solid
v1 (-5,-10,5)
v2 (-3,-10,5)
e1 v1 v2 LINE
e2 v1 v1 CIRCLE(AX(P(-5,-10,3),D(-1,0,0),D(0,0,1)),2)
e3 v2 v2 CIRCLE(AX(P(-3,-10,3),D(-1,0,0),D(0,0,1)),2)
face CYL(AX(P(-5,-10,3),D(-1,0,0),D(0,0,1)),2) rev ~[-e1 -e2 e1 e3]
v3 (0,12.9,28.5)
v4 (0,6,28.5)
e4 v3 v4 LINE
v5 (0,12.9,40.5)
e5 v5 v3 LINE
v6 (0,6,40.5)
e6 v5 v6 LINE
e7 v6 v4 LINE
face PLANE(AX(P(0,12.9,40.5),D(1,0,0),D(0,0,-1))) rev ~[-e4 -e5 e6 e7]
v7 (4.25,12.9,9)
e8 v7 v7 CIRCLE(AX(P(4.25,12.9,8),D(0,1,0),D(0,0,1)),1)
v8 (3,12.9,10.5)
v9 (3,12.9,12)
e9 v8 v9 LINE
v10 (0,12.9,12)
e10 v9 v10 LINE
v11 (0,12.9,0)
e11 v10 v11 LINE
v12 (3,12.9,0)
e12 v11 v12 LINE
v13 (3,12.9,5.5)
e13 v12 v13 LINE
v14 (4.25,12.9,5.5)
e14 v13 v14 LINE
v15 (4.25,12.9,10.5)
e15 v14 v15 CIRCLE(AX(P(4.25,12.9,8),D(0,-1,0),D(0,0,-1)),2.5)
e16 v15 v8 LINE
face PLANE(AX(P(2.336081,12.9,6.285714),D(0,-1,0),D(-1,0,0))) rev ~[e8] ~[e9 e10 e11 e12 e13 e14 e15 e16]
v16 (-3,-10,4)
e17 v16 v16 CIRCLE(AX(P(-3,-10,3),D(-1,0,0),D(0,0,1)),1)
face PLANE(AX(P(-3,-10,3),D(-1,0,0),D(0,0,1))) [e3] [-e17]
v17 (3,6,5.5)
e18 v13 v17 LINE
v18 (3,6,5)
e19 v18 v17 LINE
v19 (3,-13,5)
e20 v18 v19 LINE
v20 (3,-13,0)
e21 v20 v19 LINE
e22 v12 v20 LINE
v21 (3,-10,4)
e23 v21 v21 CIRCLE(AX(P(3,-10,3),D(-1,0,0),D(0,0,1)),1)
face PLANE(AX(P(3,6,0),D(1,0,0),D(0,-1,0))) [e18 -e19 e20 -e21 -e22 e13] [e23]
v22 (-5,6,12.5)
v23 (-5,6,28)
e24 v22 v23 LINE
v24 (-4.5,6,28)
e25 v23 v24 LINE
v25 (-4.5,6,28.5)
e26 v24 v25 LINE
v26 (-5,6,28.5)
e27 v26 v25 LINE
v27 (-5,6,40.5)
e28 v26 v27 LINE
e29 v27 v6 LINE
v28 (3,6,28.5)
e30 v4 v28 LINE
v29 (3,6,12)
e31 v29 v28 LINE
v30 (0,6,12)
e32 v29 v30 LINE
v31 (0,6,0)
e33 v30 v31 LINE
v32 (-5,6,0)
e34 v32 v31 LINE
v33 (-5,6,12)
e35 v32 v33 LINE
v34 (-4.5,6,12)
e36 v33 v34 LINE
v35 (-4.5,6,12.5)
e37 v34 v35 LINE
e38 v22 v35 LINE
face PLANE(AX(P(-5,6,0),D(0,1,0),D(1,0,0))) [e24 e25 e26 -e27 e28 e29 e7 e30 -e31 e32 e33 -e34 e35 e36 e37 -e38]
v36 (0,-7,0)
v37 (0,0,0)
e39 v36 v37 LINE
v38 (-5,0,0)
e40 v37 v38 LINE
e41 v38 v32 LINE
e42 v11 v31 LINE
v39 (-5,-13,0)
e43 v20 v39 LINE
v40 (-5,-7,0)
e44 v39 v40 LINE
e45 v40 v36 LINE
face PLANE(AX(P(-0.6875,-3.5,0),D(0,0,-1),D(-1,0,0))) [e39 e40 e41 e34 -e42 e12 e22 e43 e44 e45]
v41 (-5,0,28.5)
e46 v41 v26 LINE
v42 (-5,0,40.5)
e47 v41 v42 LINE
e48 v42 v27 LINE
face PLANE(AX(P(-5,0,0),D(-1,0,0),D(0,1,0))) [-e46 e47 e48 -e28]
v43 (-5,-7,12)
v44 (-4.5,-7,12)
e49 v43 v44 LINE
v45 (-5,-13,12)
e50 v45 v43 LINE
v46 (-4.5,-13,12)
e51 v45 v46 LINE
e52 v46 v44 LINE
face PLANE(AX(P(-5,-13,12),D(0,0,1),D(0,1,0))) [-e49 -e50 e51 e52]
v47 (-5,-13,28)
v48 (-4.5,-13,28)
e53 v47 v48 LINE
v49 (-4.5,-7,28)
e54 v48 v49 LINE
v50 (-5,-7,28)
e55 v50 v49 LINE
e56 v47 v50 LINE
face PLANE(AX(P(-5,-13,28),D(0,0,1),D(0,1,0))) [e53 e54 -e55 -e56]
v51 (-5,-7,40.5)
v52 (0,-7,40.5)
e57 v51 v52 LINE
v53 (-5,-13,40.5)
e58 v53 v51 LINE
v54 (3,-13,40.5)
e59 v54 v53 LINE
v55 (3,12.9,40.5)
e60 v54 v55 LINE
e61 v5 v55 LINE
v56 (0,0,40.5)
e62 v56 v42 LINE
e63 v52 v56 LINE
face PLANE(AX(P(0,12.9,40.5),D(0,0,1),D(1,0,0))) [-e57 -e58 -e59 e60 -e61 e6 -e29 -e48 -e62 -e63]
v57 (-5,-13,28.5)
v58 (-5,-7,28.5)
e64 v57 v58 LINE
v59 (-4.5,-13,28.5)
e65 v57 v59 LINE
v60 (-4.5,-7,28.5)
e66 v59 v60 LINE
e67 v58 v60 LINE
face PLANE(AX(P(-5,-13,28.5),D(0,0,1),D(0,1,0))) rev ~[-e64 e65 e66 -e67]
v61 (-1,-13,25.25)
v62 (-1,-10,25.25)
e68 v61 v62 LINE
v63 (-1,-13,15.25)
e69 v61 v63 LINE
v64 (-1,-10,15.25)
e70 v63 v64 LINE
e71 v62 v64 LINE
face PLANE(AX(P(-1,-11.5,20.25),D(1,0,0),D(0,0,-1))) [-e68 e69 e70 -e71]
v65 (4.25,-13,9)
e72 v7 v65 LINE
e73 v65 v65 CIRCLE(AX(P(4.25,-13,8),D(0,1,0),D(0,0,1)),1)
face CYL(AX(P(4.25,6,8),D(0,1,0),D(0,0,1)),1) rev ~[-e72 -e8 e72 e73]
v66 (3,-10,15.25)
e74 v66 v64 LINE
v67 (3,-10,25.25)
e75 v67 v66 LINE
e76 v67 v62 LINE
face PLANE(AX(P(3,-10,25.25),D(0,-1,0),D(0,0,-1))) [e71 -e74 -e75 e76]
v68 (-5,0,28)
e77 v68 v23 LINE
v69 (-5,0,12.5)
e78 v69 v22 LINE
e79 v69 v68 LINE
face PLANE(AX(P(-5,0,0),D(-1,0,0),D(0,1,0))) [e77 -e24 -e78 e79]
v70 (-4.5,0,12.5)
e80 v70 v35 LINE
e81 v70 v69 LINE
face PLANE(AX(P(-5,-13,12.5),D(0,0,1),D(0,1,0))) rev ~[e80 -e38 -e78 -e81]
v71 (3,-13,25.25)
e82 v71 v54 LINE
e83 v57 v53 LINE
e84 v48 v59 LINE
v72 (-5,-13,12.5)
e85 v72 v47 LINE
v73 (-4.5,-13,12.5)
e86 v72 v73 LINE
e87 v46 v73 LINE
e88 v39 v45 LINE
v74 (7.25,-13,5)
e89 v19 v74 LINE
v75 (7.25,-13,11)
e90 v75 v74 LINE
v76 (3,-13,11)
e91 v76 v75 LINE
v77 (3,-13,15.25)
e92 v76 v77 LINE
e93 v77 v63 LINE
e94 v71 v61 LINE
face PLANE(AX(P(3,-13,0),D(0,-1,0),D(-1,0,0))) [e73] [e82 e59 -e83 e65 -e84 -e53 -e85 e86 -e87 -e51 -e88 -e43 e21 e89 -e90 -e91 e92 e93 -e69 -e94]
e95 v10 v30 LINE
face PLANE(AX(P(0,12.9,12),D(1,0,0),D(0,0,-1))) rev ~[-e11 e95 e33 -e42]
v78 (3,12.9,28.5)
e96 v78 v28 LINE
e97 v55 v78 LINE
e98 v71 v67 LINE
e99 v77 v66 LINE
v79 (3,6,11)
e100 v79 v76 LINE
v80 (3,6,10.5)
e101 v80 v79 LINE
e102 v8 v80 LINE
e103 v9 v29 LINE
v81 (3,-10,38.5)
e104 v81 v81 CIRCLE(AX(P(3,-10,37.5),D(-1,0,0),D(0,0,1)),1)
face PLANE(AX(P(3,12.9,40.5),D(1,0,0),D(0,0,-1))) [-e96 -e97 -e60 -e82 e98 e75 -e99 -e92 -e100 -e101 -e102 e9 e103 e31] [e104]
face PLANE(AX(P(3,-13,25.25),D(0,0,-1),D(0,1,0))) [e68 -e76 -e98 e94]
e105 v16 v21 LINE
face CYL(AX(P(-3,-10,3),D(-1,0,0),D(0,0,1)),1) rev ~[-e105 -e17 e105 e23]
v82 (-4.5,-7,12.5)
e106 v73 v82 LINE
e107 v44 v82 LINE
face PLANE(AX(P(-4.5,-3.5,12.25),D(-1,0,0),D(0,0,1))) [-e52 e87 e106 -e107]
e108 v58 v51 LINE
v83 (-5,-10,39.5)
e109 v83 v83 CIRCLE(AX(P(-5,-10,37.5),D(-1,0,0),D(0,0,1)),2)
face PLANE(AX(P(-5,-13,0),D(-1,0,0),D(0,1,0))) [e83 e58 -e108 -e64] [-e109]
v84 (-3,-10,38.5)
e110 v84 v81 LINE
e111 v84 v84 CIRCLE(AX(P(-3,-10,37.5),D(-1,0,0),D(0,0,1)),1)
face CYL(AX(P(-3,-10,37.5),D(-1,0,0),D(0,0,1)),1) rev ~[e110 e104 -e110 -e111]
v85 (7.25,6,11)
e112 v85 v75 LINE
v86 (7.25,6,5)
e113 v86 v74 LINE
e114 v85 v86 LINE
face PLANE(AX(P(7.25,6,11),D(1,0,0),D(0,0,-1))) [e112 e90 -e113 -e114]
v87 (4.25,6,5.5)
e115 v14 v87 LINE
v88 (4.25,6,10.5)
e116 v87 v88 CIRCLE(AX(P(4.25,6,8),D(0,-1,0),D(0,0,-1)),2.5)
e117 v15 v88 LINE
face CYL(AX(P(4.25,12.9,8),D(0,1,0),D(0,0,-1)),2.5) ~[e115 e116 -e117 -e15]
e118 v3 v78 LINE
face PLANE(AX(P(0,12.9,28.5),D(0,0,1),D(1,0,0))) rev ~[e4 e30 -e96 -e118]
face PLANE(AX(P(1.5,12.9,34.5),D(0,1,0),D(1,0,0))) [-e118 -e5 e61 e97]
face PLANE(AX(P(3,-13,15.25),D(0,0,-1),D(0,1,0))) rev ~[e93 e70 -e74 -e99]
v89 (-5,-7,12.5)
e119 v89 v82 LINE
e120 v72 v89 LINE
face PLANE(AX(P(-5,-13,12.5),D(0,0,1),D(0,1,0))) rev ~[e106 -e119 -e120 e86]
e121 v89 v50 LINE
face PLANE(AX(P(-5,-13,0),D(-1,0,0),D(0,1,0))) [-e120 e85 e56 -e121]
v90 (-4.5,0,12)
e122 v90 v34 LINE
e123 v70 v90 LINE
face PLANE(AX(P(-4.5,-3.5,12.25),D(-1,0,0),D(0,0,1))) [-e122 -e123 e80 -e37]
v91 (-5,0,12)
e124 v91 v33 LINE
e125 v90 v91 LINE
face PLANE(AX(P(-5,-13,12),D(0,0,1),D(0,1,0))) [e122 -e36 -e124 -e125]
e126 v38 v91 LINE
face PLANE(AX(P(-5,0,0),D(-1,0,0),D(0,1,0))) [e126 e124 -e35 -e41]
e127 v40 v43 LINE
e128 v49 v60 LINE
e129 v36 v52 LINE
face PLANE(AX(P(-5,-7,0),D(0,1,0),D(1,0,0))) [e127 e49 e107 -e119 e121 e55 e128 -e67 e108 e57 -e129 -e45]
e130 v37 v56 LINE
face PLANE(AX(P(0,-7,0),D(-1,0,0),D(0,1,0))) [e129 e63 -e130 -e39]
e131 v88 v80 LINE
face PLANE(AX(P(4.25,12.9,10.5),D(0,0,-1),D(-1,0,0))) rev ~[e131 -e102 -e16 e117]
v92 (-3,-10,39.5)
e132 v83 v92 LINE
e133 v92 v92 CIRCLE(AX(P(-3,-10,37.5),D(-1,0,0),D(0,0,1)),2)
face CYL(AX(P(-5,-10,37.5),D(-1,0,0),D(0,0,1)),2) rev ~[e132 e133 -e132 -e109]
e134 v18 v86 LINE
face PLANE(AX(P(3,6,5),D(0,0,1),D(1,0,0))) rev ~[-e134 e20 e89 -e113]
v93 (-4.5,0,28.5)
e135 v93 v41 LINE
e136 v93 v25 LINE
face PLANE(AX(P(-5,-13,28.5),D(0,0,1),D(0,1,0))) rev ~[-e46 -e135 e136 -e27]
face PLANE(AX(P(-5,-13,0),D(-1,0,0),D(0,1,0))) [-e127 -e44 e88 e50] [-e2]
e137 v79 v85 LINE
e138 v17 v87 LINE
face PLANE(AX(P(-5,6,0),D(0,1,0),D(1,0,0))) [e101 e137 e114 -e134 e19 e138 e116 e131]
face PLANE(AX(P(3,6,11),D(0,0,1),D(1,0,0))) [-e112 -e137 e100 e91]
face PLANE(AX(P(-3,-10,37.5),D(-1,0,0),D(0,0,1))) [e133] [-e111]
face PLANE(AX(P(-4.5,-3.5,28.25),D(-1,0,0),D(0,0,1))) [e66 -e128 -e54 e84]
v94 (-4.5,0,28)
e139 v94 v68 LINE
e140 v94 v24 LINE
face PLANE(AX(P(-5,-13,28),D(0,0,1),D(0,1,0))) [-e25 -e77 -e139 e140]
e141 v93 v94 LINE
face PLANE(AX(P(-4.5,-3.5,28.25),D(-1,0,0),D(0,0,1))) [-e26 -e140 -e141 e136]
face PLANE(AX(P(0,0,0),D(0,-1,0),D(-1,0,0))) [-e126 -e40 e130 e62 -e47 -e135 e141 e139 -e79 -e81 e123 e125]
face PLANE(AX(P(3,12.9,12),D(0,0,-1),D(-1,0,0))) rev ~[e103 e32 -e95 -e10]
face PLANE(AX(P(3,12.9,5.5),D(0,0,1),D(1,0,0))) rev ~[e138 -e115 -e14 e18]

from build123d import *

# Parameters (mm, degrees)
EXTRUDE_1_DEPTH     = 40.5
SKETCH_2_W          = 4.25
SKETCH_2_H          = 6
SKETCH_2_R          = 1
EXTRUDE_2_DEPTH     = 19
EXTRUDE_START       = 6.9
SKETCH_6_W          = 3
SKETCH_6_H          = 12
SKETCH_6_R          = 1
EXTRUDE_3_DEPTH     = 6.9
SKETCH_7_W          = 10
SKETCH_7_H          = 3
CUT_EXTRUDE_1_DEPTH = 4
SKETCH_9_R          = 2
CUT_EXTRUDE_2_DEPTH = 2
SKETCH_10_R         = 1
CUT_EXTRUDE_3_DEPTH = 12
SKETCH_12_W         = 0.5
SKETCH_12_H         = 19
CUT_EXTRUDE_4_DEPTH = 0.5


with BuildPart() as part:
    # 草图1 → 凸台-拉伸1 (new body)
    with BuildSketch(Plane.XY):
        Polygon((3, -13), (-5, -13), (-5, -7), (0, -7), (0, 0), (-5, 0), (-5, 6), (3, 6), align=None)
    extrude(amount=EXTRUDE_1_DEPTH)

    # 草图2 → 凸台-拉伸2 (add)
    with BuildSketch(Plane(origin=(0, 6, 0), x_dir=(1, 0, 0), z_dir=(0, 1, 0))):
        with Locations((5.125, -8)):
            Rectangle(SKETCH_2_W, SKETCH_2_H)
        with Locations(Location((4.25, -8, 0), (0, 0, 270))):
            Circle(SKETCH_2_R, mode=Mode.SUBTRACT)
    extrude(amount=-EXTRUDE_2_DEPTH)

    # 草图6 → 凸台-拉伸3 (add)
    # profile 1 of 2: a face of its own
    with BuildSketch(Plane(origin=(0, 6, 0), x_dir=(1, 0, 0), z_dir=(0, 1, 0)).offset(EXTRUDE_START)):
        with Locations((1.5, -34.5)):
            Rectangle(SKETCH_6_W, SKETCH_6_H)
    # profile 2 of 2: a face of its own
    with BuildSketch(Plane(origin=(0, 6, 0), x_dir=(1, 0, 0), z_dir=(0, 1, 0)).offset(EXTRUDE_START)):
        with BuildLine():
            Line((4.25, -10.5), (3, -10.5))
            Line((3, -10.5), (3, -12))
            Line((3, -12), (0, -12))
            Line((0, -12), (0, 0))
            Line((0, 0), (3, 0))
            Line((3, 0), (3, -5.5))
            Line((3, -5.5), (4.25, -5.5))
            ThreePointArc((4.25, -5.5), (6.75, -8), (4.25, -10.5))
        make_face()
        with Locations(Location((4.25, -8, 0), (0, 0, 270))):
            Circle(SKETCH_6_R, mode=Mode.SUBTRACT)
    extrude(amount=-EXTRUDE_3_DEPTH)

    # 草图7 → 切除-拉伸1 (cut)
    with BuildSketch(Plane(origin=(3, 0, 0), x_dir=(0, 0, -1), z_dir=(1, 0, 0))):
        with Locations((-20.25, -11.5)):
            Rectangle(SKETCH_7_W, SKETCH_7_H)
    extrude(amount=-CUT_EXTRUDE_1_DEPTH, mode=Mode.SUBTRACT)

    # 草图9 → 切除-拉伸2 (cut)
    with BuildSketch(Plane.ZY.offset(5)):
        with Locations((37.5, -10)):
            Circle(SKETCH_9_R)
        with Locations((3, -10)):
            Circle(SKETCH_9_R)
    extrude(amount=-CUT_EXTRUDE_2_DEPTH, mode=Mode.SUBTRACT)

    # 草图10 → 切除-拉伸3 (cut)
    with BuildSketch(Plane.ZY.offset(3)):
        with Locations((37.5, -10)):
            Circle(SKETCH_10_R)
        with Locations((3, -10)):
            Circle(SKETCH_10_R)
    extrude(amount=-CUT_EXTRUDE_3_DEPTH, mode=Mode.SUBTRACT)

    # 草图12 → 切除-拉伸4 (cut)
    with BuildSketch(Plane.ZY.offset(5)):
        with Locations((12.25, -3.5)):
            Rectangle(SKETCH_12_W, SKETCH_12_H)
        with Locations((28.25, -3.5)):
            Rectangle(SKETCH_12_W, SKETCH_12_H)
    extrude(amount=-CUT_EXTRUDE_4_DEPTH, mode=Mode.SUBTRACT)


solid = part.part
